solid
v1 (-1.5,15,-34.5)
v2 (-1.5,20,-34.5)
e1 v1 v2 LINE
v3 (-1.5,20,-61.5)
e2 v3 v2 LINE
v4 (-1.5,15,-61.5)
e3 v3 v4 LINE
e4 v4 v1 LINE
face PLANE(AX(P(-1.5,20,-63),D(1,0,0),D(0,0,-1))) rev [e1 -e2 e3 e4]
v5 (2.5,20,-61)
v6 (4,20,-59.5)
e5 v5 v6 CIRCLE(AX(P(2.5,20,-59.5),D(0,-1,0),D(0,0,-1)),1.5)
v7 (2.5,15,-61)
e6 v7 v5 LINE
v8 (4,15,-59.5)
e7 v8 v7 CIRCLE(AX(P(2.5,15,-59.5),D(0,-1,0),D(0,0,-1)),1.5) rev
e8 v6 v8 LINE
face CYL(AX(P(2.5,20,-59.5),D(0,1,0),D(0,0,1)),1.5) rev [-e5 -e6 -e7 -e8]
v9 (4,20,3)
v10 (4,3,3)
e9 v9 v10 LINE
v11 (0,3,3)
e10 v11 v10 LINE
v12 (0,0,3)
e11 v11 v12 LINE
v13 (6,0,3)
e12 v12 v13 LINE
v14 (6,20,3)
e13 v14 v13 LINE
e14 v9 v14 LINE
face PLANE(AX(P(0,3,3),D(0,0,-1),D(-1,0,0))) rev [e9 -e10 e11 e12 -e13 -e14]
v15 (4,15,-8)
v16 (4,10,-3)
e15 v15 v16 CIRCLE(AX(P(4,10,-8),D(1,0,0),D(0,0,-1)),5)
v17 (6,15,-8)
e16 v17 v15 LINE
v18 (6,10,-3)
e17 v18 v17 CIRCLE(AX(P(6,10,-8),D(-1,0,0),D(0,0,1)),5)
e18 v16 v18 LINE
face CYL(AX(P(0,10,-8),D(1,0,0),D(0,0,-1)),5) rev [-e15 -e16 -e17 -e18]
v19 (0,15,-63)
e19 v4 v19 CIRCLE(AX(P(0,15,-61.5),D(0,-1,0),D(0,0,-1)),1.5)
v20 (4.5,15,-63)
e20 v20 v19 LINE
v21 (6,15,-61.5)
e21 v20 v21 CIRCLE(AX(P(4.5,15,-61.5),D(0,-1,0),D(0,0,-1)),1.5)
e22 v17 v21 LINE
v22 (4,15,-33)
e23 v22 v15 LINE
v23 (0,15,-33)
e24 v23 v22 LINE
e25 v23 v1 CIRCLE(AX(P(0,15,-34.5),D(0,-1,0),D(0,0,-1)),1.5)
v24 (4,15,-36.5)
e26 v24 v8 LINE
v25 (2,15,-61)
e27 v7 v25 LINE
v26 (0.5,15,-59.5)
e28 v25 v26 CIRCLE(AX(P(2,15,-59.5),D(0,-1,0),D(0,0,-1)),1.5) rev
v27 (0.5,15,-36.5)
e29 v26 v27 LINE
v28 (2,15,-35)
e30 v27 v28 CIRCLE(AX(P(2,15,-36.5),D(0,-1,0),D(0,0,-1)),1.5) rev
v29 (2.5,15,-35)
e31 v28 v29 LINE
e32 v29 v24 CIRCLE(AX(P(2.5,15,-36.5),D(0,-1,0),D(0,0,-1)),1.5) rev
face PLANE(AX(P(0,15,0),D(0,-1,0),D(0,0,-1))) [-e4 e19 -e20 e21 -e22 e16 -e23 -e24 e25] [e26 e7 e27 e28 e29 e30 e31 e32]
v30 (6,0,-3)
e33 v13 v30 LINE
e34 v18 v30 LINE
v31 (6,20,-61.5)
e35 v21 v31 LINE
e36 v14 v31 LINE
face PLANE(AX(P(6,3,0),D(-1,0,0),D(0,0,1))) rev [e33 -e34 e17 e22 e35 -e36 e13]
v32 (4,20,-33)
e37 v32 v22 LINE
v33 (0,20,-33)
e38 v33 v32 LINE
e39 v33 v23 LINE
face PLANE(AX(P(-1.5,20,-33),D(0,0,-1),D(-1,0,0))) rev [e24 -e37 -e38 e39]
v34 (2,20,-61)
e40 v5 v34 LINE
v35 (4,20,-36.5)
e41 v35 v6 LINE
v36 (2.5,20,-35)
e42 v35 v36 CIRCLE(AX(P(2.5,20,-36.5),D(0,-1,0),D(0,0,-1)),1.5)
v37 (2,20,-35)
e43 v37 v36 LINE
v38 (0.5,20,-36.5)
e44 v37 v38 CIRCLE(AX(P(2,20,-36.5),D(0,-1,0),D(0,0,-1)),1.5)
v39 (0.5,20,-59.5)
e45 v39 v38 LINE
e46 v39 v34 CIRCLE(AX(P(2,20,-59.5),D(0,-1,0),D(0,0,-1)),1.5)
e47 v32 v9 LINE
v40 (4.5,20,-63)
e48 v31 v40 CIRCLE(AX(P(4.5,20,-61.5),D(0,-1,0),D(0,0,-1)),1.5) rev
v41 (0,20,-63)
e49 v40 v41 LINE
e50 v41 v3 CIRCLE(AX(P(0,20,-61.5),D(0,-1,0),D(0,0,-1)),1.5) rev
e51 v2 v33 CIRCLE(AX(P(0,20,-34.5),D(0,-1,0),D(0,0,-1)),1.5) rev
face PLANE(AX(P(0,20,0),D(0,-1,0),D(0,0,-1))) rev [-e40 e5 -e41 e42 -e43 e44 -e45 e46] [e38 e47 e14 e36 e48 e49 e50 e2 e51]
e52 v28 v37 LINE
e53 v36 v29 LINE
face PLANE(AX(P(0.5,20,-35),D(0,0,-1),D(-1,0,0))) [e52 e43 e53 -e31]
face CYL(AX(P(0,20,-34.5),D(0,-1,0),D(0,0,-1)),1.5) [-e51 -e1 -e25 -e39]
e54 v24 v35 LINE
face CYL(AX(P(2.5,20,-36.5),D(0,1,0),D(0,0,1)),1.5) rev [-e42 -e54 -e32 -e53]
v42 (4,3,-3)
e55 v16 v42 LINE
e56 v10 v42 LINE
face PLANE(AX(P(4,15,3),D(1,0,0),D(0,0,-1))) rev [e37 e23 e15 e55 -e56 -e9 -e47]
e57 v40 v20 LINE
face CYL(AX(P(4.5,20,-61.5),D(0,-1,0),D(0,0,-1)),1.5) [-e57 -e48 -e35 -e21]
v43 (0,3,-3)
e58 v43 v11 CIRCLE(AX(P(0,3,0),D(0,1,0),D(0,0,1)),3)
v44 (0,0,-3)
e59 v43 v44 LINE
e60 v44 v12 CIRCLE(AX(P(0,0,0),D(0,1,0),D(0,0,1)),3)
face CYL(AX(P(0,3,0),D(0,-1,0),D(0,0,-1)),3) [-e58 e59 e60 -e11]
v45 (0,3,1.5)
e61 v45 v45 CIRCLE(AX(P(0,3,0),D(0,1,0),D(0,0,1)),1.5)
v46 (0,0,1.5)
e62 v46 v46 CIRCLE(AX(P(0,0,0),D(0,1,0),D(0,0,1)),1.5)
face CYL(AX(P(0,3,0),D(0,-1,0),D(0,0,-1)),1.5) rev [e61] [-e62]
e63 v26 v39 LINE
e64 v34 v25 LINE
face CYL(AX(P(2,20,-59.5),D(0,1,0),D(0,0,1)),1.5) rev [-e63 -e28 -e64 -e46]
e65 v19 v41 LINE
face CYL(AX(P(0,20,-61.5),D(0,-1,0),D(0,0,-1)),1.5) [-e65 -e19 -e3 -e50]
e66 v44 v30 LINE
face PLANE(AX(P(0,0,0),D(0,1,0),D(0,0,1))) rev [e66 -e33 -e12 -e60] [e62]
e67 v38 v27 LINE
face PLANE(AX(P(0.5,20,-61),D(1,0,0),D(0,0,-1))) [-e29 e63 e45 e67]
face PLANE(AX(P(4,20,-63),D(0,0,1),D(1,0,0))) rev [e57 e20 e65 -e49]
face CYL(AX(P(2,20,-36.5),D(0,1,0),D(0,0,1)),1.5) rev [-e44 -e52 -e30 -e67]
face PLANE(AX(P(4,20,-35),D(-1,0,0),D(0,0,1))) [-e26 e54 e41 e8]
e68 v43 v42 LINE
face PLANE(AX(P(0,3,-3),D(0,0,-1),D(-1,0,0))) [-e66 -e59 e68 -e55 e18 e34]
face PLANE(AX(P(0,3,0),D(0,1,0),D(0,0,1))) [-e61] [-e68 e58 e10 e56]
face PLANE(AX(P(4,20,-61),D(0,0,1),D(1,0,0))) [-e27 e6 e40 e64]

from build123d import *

# Parameters (mm, degrees)
SKETCH_1_R      = 3
SKETCH_1_R_2    = 1.5
EXTRUDE_1_DEPTH = 3
SKETCH_2_W      = 2
SKETCH_2_H      = 6
EXTRUDE_2_DEPTH = 15
SKETCH_3_W      = 3.5
SKETCH_3_H      = 26
EXTRUDE_3_DEPTH = 5
FILLET_1_R      = 5
FILLET_2_R      = 1.5
FILLET_3_R      = 1.5


with BuildPart() as part:
    # 草图1 → 凸台-拉伸1 (new body)
    # profile 1 of 2: a face of its own
    with BuildSketch(Plane(origin=(0, 0, 0), x_dir=(1, 0, 0), z_dir=(0, 1, 0))):
        Circle(SKETCH_1_R)
        with Locations(Location((0, 0, 0), (0, 0, 270))):
            Circle(SKETCH_1_R_2, mode=Mode.SUBTRACT)
    # profile 2 of 2: a face of its own
    with BuildSketch(Plane(origin=(0, 0, 0), x_dir=(1, 0, 0), z_dir=(0, 1, 0))):
        with BuildLine():
            Line((6, 3), (0, 3))
            ThreePointArc((0, 3), (2.121320344, 2.121320344), (3, 0))
            ThreePointArc((3, 0), (2.121320344, -2.121320344), (0, -3))
            Line((0, -3), (6, -3))
            Line((6, -3), (6, 3))
        make_face()
    extrude(amount=EXTRUDE_1_DEPTH)

    # 草图2 → 凸台-拉伸2 (add)
    with BuildSketch(Plane(origin=(0, 0, 0), x_dir=(1, 0, 0), z_dir=(0, 1, 0))):
        with Locations((5, 0)):
            Rectangle(SKETCH_2_W, SKETCH_2_H)
    extrude(amount=EXTRUDE_2_DEPTH)

    # 草图3 → 凸台-拉伸3 (add)
    with BuildSketch(Plane(origin=(0, 15, 0), x_dir=(1, 0, 0), z_dir=(0, 1, 0))):
        Polygon((6, -3), (6, 63), (4, 63), (-1.5, 63), (-1.5, 33), (4, 33), (4, -3), align=None)
        with Locations((2.25, 48)):
            Rectangle(SKETCH_3_W, SKETCH_3_H, mode=Mode.SUBTRACT)
    extrude(amount=EXTRUDE_3_DEPTH)

    # 圆角1
    fillet_1_edges = [part.edges().sort_by_distance(p)[0] for p in [
        (5, 15, -3),
    ]]
    fillet(fillet_1_edges, radius=FILLET_1_R)

    # 圆角2
    fillet_2_edges = [part.edges().sort_by_distance(p)[0] for p in [
        (6, 17.5, -63),
        (-1.5, 17.5, -63),
        (-1.5, 17.5, -33),
        (0.5, 17.5, -35),
        (4, 17.5, -35),
    ]]
    fillet(fillet_2_edges, radius=FILLET_2_R)

    # 圆角3
    fillet_3_edges = [part.edges().sort_by_distance(p)[0] for p in [
        (4, 17.5, -61),
        (0.5, 17.5, -61),
    ]]
    fillet(fillet_3_edges, radius=FILLET_3_R)


solid = part.part
